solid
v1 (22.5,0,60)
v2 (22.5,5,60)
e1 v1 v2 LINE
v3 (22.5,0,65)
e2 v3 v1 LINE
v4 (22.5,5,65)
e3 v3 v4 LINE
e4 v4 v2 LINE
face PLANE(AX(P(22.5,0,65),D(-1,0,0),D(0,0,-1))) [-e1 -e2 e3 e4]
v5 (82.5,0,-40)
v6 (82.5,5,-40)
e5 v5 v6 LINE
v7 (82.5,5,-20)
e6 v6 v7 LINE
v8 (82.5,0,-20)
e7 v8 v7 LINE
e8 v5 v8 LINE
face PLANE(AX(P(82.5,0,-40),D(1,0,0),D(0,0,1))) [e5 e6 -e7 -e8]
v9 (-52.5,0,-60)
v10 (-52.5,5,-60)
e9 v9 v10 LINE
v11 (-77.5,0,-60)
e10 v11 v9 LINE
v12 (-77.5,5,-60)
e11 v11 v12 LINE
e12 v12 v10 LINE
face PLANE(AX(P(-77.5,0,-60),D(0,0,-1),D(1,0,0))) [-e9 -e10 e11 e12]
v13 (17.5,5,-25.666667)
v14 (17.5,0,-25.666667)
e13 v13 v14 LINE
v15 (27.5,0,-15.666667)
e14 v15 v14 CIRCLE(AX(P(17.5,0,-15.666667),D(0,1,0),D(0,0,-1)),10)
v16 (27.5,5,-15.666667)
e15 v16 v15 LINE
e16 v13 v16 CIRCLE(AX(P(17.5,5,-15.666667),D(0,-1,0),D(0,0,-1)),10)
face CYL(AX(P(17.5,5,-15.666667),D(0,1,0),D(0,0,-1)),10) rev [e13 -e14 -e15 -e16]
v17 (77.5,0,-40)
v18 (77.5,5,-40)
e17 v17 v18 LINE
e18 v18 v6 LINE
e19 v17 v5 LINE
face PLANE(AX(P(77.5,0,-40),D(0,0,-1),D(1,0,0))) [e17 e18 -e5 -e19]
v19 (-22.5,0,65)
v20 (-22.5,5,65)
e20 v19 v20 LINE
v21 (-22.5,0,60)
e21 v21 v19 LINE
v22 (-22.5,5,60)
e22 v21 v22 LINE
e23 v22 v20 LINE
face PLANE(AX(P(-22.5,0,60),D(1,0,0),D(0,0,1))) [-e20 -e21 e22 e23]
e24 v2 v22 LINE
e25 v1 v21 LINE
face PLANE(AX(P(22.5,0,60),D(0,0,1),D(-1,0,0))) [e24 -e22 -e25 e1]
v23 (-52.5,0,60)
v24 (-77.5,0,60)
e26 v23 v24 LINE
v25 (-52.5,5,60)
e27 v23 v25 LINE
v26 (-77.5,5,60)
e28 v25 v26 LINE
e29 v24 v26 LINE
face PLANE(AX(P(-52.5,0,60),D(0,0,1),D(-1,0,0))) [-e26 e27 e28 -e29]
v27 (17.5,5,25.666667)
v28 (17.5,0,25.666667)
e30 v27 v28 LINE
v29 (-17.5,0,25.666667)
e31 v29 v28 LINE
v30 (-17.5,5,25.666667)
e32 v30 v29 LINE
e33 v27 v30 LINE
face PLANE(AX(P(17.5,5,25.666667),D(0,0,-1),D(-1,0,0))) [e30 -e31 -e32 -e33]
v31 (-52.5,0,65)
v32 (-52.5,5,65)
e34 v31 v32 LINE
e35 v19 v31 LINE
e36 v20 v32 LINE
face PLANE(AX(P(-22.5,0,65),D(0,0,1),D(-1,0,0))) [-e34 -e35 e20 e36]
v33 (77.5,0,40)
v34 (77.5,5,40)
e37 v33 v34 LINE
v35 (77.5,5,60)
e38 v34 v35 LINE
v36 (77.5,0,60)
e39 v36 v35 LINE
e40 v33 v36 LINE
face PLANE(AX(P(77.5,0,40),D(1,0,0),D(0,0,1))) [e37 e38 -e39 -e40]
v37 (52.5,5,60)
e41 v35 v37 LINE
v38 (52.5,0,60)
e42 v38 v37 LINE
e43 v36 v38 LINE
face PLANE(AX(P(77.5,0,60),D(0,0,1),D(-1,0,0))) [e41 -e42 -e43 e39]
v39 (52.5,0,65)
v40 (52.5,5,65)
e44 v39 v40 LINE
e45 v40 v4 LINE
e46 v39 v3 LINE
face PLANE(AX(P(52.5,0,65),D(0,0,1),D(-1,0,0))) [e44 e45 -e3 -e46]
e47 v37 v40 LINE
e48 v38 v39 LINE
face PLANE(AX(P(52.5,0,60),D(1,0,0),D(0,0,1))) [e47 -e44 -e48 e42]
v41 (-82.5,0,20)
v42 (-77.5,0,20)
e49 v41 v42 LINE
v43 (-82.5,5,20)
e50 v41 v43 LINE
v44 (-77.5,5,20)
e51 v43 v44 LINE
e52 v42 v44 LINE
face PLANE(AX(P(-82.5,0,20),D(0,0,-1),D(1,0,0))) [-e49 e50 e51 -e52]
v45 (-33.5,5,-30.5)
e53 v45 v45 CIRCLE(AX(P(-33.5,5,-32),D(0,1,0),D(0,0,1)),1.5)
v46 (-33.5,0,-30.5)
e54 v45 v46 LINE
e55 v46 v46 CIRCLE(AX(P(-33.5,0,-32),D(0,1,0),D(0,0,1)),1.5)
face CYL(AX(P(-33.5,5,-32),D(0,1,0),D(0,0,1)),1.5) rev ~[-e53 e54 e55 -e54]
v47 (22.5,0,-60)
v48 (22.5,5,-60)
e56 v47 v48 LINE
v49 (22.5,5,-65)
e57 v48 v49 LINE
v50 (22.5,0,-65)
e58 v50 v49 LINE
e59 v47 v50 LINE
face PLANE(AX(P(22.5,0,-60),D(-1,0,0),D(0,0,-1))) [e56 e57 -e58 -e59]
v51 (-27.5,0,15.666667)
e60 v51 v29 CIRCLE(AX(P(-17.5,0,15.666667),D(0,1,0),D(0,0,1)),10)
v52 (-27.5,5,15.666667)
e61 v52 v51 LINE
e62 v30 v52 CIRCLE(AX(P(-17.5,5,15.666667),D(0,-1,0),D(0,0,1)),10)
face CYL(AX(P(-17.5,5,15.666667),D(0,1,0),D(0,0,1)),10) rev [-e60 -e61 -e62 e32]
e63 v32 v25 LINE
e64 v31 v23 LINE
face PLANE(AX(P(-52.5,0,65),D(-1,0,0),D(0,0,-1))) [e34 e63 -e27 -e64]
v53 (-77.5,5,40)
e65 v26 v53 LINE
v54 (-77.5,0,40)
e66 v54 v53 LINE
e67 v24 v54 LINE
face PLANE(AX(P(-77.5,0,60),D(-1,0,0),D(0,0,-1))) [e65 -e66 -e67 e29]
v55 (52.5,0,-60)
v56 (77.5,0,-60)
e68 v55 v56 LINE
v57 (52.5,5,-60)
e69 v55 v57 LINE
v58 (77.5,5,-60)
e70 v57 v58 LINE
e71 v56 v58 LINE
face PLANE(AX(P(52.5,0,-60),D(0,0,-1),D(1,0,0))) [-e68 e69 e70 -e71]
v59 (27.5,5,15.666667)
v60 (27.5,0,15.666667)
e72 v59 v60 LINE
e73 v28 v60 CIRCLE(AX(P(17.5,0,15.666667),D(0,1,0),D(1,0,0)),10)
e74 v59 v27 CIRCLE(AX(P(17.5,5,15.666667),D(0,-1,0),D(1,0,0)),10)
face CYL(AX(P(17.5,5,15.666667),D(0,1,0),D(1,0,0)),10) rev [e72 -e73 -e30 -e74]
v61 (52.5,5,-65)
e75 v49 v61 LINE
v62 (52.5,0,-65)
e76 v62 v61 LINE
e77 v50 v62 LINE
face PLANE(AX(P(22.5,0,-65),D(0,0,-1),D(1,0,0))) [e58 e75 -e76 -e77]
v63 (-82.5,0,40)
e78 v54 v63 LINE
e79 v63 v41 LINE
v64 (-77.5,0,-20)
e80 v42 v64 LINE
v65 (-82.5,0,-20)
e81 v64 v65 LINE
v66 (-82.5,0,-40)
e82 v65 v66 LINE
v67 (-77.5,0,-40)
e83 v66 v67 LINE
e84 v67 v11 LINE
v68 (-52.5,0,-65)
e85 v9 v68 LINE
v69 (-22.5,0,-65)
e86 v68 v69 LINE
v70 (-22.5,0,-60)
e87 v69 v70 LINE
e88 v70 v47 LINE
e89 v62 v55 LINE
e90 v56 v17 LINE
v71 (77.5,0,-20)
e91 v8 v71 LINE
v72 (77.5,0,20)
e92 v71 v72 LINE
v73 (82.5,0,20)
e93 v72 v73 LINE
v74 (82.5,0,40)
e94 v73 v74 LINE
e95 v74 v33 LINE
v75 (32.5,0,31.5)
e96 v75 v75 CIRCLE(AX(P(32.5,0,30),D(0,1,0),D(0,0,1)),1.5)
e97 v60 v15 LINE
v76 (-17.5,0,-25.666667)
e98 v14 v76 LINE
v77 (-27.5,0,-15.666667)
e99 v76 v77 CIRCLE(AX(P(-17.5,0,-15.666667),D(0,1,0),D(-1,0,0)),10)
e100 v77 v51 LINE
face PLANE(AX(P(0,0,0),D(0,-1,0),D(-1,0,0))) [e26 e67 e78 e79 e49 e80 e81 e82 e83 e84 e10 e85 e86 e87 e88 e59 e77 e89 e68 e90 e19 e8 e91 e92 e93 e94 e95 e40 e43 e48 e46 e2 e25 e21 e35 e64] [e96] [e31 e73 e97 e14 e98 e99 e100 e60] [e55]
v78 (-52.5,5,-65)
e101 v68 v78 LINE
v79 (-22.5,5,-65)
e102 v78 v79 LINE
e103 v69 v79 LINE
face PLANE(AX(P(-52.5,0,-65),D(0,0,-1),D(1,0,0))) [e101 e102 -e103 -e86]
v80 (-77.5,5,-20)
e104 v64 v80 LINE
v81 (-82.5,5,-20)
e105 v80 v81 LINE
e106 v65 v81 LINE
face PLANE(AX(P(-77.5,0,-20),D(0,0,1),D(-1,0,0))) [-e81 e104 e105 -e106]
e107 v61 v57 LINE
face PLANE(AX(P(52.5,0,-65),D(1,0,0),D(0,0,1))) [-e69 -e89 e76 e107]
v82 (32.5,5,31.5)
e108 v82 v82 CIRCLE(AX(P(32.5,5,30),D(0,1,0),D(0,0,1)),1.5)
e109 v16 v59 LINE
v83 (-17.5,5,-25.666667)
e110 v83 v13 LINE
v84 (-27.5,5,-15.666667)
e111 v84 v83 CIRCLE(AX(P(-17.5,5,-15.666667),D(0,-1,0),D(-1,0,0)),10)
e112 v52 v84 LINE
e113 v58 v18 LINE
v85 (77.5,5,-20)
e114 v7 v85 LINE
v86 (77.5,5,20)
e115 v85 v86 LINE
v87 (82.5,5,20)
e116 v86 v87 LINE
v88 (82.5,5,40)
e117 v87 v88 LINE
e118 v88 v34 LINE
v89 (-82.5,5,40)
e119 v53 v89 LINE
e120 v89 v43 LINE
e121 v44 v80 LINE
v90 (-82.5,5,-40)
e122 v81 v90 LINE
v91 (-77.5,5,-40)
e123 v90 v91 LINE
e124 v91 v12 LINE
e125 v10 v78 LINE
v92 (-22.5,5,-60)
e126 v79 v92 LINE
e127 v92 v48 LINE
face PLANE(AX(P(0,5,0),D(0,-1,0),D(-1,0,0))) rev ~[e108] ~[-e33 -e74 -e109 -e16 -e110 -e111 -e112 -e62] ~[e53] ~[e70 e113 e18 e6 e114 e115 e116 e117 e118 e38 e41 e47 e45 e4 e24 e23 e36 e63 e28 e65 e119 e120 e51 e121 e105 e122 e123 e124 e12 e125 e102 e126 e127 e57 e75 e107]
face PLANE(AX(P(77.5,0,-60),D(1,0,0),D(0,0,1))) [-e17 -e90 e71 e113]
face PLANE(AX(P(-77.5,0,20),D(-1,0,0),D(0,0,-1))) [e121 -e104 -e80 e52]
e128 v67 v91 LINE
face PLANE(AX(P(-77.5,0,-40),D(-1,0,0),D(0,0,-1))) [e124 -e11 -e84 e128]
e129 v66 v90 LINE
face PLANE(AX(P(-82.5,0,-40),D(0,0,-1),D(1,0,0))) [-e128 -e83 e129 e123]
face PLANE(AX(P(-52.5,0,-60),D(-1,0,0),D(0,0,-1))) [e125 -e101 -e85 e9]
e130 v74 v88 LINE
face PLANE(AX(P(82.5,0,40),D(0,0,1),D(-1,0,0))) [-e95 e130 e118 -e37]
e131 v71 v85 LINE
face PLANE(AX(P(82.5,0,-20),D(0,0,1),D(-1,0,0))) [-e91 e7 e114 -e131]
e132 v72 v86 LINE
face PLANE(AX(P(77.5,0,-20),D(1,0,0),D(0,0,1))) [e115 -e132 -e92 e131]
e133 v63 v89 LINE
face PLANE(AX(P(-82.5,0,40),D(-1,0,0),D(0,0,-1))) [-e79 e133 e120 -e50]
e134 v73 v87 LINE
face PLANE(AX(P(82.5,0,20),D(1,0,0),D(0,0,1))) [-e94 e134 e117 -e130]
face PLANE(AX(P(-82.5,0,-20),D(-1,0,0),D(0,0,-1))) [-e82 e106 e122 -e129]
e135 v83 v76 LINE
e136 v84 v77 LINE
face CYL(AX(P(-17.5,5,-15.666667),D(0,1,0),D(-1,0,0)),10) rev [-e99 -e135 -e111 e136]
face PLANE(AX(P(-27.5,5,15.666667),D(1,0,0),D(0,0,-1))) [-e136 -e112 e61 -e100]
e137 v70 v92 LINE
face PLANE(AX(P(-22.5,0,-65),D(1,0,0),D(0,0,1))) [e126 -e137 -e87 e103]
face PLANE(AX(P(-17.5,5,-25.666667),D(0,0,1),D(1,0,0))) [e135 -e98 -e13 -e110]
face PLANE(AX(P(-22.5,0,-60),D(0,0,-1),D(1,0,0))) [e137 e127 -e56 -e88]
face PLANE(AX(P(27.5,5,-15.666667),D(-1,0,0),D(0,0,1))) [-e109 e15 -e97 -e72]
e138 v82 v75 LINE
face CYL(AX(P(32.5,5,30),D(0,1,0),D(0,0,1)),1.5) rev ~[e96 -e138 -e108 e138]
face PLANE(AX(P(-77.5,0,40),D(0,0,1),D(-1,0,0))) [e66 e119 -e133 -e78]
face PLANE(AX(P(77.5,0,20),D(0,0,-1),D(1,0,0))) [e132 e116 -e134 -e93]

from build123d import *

# Parameters (mm, degrees)
BOSS_EXTRUDE1_DEPTH = 5
SKETCH3_R           = 1.5
CUT_EXTRUDE3_DEPTH  = 10


with BuildPart() as part:
    # Sketch1 → Boss-Extrude1 (new body)
    with BuildSketch(Plane(origin=(0, 0, 0), x_dir=(1, 0, 0), z_dir=(0, 1, 0))):
        Polygon((-77.5, 60), (-52.5, 60), (-52.5, 65), (-22.5, 65), (-22.5, 60), (22.5, 60), (22.5, 65), (52.5, 65), (52.5, 60), (77.5, 60), (77.5, 40), (82.5, 40), (82.5, 20), (77.5, 20), (77.5, -20), (82.5, -20), (82.5, -40), (77.5, -40), (77.5, -60), (52.5, -60), (52.5, -65), (22.5, -65), (22.5, -60), (-22.5, -60), (-22.5, -65), (-52.5, -65), (-52.5, -60), (-77.5, -60), (-77.5, -40), (-82.5, -40), (-82.5, -20), (-77.5, -20), (-77.5, 20), (-82.5, 20), (-82.5, 40), (-77.5, 40), align=None)
    extrude(amount=BOSS_EXTRUDE1_DEPTH)

    # Sketch3 → Cut-Extrude3 (cut)
    with BuildSketch(Plane(origin=(0, 5, 0), x_dir=(1, 0, 0), z_dir=(0, 1, 0))):
        with Locations(Location((-33.5, 32, 0), (0, 0, 270))):
            Circle(SKETCH3_R)
        with Locations(Location((32.5, -30, 0), (0, 0, 270))):
            Circle(SKETCH3_R)
        with BuildLine():
            Line((17.5, -25.666666667), (-17.5, -25.666666667))
            ThreePointArc((-17.5, -25.666666667), (-24.571067812, -22.737734479), (-27.5, -15.666666667))
            Line((-27.5, -15.666666667), (-27.5, 15.666666667))
            ThreePointArc((-27.5, 15.666666667), (-24.571067812, 22.737734479), (-17.5, 25.666666667))
            Line((-17.5, 25.666666667), (17.5, 25.666666667))
            ThreePointArc((17.5, 25.666666667), (24.571067812, 22.737734479), (27.5, 15.666666667))
            Line((27.5, 15.666666667), (27.5, -15.666666667))
            ThreePointArc((27.5, -15.666666667), (24.571067812, -22.737734479), (17.5, -25.666666667))
        make_face()
    extrude(amount=-CUT_EXTRUDE3_DEPTH, mode=Mode.SUBTRACT)


solid = part.part
